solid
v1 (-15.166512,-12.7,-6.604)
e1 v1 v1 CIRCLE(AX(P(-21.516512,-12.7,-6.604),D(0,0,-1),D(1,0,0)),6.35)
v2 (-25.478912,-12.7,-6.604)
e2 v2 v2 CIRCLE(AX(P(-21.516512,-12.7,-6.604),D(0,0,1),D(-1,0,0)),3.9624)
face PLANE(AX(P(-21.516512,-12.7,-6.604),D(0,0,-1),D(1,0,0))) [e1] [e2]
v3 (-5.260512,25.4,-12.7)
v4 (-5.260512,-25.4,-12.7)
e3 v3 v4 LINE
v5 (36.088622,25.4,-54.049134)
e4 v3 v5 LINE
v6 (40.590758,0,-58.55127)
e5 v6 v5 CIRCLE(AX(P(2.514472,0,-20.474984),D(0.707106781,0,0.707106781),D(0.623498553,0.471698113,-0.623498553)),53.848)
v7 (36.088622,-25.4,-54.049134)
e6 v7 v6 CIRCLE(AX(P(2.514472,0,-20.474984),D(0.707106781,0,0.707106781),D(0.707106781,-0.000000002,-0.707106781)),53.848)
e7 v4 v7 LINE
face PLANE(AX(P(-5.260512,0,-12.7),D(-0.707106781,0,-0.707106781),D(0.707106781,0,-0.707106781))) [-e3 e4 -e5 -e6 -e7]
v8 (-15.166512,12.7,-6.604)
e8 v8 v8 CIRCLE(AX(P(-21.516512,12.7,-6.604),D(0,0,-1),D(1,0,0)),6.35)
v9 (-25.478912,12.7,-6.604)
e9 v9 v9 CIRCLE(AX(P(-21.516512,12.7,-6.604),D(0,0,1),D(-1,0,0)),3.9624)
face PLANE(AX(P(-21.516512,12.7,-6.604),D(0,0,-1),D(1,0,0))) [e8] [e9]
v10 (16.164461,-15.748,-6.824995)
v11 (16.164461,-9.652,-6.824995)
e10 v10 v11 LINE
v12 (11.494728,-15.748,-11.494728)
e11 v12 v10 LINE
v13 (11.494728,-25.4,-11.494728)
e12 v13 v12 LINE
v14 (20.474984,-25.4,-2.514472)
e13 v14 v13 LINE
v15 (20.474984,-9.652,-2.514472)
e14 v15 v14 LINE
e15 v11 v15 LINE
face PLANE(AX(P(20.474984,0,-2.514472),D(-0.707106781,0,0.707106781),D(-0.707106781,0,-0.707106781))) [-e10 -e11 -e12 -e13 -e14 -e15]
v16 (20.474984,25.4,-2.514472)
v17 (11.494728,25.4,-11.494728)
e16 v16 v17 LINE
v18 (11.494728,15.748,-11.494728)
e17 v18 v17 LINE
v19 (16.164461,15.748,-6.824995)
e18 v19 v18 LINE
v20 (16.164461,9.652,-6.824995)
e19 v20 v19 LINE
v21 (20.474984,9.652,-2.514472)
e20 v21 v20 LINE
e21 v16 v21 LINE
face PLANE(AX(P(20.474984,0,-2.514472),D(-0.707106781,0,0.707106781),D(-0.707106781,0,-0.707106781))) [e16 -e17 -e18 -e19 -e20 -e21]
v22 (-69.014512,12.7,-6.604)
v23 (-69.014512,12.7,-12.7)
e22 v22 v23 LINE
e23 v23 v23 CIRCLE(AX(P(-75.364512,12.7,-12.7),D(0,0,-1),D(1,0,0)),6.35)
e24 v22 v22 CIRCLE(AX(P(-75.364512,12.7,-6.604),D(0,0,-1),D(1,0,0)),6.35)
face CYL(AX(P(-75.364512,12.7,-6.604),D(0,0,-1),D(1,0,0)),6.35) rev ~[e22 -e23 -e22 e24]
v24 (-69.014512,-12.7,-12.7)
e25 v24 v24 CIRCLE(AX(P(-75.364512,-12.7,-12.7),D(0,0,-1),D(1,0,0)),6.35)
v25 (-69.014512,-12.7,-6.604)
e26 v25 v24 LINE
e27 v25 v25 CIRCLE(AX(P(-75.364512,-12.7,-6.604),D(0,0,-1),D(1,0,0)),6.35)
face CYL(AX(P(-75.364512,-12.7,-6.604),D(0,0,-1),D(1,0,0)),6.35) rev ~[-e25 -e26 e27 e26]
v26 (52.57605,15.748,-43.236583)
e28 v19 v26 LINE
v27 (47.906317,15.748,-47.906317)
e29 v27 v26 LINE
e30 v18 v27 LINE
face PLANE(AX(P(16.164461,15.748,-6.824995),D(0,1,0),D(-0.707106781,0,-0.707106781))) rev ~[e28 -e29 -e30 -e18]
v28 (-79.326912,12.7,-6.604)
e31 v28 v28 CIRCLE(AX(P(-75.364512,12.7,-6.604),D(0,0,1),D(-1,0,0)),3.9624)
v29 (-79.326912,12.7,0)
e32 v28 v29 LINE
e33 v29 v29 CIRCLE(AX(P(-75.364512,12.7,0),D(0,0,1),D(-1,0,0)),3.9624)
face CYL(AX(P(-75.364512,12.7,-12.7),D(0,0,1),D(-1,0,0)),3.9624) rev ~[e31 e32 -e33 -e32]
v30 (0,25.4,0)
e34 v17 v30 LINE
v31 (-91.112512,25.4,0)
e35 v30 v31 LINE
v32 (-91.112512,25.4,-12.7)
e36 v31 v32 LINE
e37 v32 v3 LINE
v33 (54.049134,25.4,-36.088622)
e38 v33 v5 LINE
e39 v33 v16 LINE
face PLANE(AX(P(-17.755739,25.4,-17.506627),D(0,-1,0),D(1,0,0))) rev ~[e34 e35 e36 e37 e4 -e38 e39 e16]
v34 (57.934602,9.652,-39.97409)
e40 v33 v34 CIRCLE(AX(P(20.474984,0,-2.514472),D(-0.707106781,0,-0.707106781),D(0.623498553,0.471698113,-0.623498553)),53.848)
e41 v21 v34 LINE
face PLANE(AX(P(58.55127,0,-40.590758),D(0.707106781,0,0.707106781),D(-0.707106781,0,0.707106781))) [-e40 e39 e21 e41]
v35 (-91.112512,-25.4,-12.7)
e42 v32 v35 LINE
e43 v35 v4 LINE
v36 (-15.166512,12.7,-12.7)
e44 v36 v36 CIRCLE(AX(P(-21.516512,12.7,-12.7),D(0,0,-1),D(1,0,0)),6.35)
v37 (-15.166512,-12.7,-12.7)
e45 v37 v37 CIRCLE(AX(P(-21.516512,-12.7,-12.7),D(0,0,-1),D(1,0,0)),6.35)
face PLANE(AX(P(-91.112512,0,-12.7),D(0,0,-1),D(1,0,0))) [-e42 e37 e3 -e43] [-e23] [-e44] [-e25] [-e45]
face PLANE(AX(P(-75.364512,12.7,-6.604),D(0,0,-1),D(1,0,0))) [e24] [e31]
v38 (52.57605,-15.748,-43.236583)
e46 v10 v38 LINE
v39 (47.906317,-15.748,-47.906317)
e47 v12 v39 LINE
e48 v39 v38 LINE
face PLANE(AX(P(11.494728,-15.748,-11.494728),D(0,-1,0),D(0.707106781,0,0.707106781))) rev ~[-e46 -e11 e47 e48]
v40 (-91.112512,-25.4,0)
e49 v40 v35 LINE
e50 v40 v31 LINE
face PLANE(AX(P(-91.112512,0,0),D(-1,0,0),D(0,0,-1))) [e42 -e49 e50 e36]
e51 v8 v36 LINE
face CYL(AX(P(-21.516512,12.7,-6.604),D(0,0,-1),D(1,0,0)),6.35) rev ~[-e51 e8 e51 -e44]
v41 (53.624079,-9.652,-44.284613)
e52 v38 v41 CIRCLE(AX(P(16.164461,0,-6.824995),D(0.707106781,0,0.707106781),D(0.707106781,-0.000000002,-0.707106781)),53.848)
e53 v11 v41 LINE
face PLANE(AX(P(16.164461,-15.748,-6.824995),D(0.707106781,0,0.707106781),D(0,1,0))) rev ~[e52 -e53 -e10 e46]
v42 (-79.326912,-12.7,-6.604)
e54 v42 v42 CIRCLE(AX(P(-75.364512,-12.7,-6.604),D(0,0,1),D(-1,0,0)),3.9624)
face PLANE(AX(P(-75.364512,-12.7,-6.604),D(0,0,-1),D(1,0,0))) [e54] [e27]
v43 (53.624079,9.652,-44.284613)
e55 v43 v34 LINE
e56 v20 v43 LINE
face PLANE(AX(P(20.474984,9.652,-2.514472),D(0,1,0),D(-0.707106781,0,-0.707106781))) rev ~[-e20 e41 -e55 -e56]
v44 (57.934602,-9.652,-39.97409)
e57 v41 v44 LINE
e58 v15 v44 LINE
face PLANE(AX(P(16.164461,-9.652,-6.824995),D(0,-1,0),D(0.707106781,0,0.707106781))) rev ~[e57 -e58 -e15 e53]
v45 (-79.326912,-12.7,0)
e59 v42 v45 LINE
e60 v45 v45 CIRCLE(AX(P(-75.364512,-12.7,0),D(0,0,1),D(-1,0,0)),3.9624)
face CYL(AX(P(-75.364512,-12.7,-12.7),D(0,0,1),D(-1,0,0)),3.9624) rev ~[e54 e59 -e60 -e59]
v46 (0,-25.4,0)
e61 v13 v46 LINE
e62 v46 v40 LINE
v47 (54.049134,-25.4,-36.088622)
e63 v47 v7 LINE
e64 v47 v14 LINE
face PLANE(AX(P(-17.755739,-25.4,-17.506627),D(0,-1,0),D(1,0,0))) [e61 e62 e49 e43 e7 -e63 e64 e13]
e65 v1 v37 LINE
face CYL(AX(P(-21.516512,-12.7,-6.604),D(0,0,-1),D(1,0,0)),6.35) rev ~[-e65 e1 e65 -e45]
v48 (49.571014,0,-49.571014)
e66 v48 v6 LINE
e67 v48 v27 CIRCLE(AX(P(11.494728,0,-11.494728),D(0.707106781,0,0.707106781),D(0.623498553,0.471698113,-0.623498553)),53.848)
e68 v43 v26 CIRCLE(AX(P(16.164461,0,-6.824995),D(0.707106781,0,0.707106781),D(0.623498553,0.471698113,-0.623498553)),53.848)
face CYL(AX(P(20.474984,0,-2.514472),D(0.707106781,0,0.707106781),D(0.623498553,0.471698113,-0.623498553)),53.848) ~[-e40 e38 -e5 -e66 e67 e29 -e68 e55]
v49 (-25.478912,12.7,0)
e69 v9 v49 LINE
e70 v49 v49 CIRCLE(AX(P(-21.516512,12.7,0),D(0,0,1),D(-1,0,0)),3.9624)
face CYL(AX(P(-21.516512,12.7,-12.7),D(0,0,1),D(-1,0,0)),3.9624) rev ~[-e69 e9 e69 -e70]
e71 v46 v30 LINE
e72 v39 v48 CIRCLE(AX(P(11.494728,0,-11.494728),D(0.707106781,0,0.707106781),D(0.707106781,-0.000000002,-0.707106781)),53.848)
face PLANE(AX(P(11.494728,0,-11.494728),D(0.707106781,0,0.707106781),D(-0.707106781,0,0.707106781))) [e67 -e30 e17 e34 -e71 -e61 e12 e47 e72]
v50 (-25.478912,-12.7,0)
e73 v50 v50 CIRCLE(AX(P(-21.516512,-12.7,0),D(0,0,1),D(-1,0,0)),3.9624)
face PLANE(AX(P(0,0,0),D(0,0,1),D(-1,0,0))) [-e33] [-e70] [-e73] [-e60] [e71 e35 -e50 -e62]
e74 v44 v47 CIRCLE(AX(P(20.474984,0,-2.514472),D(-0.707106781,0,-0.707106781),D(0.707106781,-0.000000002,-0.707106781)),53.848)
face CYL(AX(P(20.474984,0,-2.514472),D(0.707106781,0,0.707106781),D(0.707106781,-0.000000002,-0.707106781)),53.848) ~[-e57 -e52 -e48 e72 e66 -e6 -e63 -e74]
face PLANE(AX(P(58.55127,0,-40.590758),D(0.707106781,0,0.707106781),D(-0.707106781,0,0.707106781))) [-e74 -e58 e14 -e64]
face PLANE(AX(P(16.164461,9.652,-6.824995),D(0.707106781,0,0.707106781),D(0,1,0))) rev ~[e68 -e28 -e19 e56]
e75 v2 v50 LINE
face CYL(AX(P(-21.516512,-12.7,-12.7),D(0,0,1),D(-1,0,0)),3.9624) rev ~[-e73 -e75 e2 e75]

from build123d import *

# Parameters (mm, degrees)
F1_DEPTH       = 25.4
F3_DEPTH       = 118.5292752574
F5_DEPTH       = 66.549
F8_D           = 7.9248
F8_CBORE_D     = 12.7
F8_CBORE_DEPTH = 6.096


with BuildPart() as f1:
    # F0 (on Front) → F1 (new body, symmetric)
    with BuildSketch(Plane.XZ):
        Polygon((-91.1125122421, 0), (-91.1125122421, -12.7), (-5.2605122421, -12.7), (40.5907576672, -58.5512699094), (49.5710137883, -49.5710137883), (11.494727835, -11.494727835), (0, 0), align=None)
        Polygon((11.494727835, -11.494727835), (49.5710137883, -49.5710137883), (58.5512699094, -40.5907576672), (20.474983956, -2.5144717139), align=None)
    extrude(amount=F1_DEPTH, both=True)

    # F2 (on face) → F3 (cut, through all)
    with BuildSketch(Plane(origin=(8.9802561211, 0, 8.9802561211), x_dir=(0, 1, 0), z_dir=(0.7071067812, 0, 0.7071067812))):
        with BuildLine():
            Line((-1.329e-07, -70.104), (25.4, -70.104))
            Line((25.4, -70.104), (25.4, -63.7370183547))
            ThreePointArc((25.4, -63.7370183547), (13.0929222151, -68.4880063933), (-1.329e-07, -70.104))
        make_face()
        with BuildLine():
            Line((-25.4, -70.104), (-1.329e-07, -70.104))
            ThreePointArc((-1.329e-07, -70.104), (-13.092922344, -68.488006361), (-25.4, -63.7370183547))
            Line((-25.4, -63.7370183547), (-25.4, -70.104))
        make_face()
    extrude(amount=-F3_DEPTH, mode=Mode.SUBTRACT)

    # F4 (on face) → F5 (cut, through all)
    with BuildSketch(Plane(origin=(11.494727835, 0, -11.494727835), x_dir=(0, -1, 0), z_dir=(-0.7071067812, 0, 0.7071067812))):
        Polygon((9.652, 12.7), (-9.652, 12.7), (-9.652, 6.604), (-15.748, 6.604), (-15.748, 0), (15.748, 0), (15.748, 6.604), (9.652, 6.604), align=None)
    extrude(amount=-F5_DEPTH, mode=Mode.SUBTRACT)

    # F8 (through all)
    with Locations(Plane(origin=(0, 0, -12.7), x_dir=(1, 0, 0), z_dir=(0, 0, -1))):
        with Locations((-75.3645122421, 12.7), (-21.5165122421, 12.7), (-21.5165122421, -12.7), (-75.3645122421, -12.7)):
            CounterBoreHole(F8_D / 2, F8_CBORE_D / 2, F8_CBORE_DEPTH)


solid = f1.part
